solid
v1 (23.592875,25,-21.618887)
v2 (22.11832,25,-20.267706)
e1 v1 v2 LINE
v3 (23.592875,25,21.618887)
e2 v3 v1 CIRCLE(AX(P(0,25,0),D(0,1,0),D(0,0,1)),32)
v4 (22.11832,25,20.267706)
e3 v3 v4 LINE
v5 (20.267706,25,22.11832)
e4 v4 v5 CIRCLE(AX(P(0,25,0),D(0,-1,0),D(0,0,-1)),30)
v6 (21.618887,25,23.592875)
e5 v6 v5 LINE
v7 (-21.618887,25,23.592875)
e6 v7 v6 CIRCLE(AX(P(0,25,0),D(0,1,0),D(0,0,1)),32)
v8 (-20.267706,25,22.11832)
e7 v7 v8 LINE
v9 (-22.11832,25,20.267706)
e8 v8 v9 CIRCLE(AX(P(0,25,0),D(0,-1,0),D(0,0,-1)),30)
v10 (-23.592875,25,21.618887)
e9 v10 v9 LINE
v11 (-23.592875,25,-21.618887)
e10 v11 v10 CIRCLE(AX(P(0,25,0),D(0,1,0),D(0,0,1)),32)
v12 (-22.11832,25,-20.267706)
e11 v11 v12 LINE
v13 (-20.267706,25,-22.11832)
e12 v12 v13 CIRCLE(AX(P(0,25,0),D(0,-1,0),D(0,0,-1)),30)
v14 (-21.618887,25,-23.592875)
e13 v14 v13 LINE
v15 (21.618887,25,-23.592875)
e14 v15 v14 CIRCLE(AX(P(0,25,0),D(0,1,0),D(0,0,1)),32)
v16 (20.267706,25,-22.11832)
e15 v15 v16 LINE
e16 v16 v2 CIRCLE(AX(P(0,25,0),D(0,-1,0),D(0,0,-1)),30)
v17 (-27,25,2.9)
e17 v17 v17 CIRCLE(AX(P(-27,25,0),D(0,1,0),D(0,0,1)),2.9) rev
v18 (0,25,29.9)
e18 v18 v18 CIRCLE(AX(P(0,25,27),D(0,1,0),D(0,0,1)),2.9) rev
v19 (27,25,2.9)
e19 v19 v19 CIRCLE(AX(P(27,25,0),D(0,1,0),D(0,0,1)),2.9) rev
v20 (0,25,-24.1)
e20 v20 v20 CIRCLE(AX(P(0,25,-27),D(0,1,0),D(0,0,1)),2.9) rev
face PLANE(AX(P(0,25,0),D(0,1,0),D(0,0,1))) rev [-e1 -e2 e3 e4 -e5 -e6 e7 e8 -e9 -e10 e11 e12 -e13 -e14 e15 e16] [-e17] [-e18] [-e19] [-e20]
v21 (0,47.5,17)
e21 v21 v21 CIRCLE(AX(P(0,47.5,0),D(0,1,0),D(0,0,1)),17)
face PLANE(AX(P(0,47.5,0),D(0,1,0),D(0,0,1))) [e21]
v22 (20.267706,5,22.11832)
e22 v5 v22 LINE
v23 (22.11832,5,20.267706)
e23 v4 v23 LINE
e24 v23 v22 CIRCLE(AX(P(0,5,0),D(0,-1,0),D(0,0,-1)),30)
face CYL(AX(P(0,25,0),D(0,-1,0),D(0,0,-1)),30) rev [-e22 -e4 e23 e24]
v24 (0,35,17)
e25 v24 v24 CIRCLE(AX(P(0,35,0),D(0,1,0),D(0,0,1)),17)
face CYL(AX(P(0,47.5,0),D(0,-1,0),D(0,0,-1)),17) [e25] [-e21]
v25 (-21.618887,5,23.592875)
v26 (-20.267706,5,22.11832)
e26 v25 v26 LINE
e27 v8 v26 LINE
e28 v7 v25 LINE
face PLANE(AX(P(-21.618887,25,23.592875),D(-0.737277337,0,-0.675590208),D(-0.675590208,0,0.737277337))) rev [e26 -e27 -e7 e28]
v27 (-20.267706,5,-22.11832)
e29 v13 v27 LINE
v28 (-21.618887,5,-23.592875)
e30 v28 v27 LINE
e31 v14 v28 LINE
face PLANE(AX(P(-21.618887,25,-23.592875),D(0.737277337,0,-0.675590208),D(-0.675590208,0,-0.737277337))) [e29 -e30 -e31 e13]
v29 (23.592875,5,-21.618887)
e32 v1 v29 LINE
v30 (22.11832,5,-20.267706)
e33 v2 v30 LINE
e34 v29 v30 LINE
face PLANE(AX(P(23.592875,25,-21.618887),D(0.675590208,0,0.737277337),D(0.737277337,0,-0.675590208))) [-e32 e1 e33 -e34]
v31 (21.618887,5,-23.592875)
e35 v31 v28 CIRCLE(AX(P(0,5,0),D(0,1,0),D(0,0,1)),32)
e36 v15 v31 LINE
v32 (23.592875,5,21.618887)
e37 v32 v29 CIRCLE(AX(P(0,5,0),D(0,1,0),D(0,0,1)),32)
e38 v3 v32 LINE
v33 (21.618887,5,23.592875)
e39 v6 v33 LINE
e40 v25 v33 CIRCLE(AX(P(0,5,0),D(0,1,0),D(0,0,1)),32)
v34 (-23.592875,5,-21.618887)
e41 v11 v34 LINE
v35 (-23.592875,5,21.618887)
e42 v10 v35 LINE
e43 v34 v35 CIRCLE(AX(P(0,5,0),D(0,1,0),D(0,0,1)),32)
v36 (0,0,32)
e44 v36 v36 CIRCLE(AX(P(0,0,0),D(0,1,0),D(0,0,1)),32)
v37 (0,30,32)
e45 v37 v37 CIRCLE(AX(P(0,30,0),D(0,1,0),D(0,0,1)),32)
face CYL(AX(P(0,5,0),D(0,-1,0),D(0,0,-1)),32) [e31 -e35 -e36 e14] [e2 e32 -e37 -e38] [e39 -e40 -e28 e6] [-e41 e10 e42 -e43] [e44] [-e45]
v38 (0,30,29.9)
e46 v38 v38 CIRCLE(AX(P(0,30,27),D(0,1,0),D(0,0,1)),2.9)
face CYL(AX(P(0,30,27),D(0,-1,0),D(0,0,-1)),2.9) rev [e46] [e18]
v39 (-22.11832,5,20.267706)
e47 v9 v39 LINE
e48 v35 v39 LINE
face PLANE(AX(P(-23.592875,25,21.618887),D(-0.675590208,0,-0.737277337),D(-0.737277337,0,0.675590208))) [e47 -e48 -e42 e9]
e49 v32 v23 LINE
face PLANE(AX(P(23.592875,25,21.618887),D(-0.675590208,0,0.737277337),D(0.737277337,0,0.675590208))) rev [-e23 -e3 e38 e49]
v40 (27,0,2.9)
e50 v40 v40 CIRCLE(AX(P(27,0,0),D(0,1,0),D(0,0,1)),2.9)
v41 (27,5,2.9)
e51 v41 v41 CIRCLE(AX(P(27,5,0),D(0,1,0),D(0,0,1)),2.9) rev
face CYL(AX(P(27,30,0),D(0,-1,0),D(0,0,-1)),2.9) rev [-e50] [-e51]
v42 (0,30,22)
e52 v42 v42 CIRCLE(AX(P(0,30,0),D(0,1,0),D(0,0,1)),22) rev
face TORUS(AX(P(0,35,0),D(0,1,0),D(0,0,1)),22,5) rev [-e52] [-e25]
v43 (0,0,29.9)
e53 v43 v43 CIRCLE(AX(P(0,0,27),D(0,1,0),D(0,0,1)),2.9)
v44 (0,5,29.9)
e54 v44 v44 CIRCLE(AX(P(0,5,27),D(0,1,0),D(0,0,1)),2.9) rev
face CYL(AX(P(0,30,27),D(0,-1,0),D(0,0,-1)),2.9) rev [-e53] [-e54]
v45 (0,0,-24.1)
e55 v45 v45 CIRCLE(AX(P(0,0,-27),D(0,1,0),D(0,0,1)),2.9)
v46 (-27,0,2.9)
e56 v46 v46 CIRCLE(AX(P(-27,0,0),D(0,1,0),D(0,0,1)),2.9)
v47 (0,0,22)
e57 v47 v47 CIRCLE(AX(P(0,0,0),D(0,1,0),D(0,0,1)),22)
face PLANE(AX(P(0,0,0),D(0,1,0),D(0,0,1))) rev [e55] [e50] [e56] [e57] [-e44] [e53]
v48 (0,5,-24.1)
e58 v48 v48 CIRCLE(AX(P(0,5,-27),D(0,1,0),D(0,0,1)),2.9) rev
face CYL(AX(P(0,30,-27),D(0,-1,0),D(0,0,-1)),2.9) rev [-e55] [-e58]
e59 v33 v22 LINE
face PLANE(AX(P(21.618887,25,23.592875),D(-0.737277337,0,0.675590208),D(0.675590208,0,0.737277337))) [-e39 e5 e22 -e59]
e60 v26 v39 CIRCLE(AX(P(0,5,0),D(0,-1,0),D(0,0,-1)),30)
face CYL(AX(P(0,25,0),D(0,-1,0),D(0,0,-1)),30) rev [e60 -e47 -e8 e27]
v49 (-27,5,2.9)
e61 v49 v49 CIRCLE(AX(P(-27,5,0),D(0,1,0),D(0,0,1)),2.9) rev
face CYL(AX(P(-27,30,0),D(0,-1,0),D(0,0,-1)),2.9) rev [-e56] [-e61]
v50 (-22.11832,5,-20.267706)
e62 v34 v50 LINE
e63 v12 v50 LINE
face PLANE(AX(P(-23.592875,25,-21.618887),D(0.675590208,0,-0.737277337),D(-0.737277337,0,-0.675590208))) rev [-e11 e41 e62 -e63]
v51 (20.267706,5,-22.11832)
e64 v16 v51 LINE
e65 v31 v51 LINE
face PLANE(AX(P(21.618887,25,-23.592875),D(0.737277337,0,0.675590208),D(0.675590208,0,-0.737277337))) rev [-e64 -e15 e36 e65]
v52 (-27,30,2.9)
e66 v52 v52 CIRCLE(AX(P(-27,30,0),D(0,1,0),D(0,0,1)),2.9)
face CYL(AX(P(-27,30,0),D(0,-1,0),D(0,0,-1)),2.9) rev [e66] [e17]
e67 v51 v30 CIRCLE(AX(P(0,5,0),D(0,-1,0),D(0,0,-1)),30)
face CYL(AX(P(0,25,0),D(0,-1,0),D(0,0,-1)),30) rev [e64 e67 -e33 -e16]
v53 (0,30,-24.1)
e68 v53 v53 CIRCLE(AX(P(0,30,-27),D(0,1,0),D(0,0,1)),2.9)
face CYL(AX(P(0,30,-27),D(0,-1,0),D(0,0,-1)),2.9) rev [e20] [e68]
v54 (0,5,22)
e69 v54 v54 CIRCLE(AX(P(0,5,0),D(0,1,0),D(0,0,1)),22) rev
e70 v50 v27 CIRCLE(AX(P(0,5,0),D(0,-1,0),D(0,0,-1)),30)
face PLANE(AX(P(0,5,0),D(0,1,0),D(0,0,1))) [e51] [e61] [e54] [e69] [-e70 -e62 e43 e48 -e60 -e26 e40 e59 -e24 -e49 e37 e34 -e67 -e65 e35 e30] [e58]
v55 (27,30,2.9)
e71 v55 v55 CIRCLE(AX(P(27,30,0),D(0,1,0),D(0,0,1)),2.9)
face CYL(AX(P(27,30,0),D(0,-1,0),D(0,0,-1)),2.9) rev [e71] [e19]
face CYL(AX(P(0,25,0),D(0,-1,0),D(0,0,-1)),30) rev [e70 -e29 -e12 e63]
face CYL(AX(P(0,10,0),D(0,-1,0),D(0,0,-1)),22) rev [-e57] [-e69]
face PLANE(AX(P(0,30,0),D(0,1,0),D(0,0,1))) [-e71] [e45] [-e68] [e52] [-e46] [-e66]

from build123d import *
from build123d.topology import SkipClean

# Parameters (mm, degrees)
SKETCH1_R               = 32
BOSS_EXTRUDE1_DEPTH     = 5
BOSS_EXTRUDE4_DEPTH     = 20
SKETCH5_R               = 32
BOSS_EXTRUDE5_DEPTH     = 5
CUT_EXTRUDE1_DEPTH      = 52.701063819
CUT_EXTRUDE1_DEPTH_BACK = 5
SKETCH2_7_R             = 2.9
SKETCH1_3_R             = 22
CUT_EXTRUDE2_DEPTH      = 10
SKETCH6_R               = 17
BOSS_EXTRUDE7_DEPTH     = 17.5
FILLET1_R               = 5


with BuildPart() as part:
    # Sketch1 → Boss-Extrude1 (new body)
    with BuildSketch(Plane(origin=(0, 0, 0), x_dir=(1, 0, 0), z_dir=(0, 1, 0))):
        Circle(SKETCH1_R)
    extrude(amount=BOSS_EXTRUDE1_DEPTH)

    # Sketch2 → Boss-Extrude4 (add)
    with SkipClean():  # the faces are left unmerged after this step: merging them gives an invalid solid
        with BuildSketch(Plane(origin=(0, 5, 0), x_dir=(1, 0, 0), z_dir=(0, 1, 0))):
            with BuildLine():
                Line((-23.592874778, 21.618886644), (-22.118320104, 20.267706228))
                ThreePointArc((-22.118320104, 20.267706228), (-21.213203436, 21.213203436), (-20.267706228, 22.118320104))
                Line((-20.267706228, 22.118320104), (-21.618886644, 23.592874778))
                ThreePointArc((-21.618886644, 23.592874778), (-22.627416998, 22.627416998), (-23.592874778, 21.618886644))
            make_face()
            with BuildLine():
                Line((23.592874778, 21.618886644), (22.118320104, 20.267706228))
                ThreePointArc((22.118320104, 20.267706228), (21.213203436, 21.213203436), (20.267706228, 22.118320104))
                Line((20.267706228, 22.118320104), (21.618886644, 23.592874778))
                ThreePointArc((21.618886644, 23.592874778), (22.627416998, 22.627416998), (23.592874778, 21.618886644))
            make_face()
            with BuildLine():
                Line((21.618886644, -23.592874778), (20.267706228, -22.118320104))
                ThreePointArc((20.267706228, -22.118320104), (21.213203436, -21.213203436), (22.118320104, -20.267706228))
                Line((22.118320104, -20.267706228), (23.592874778, -21.618886644))
                ThreePointArc((23.592874778, -21.618886644), (22.627416998, -22.627416998), (21.618886644, -23.592874778))
            make_face()
            with BuildLine():
                Line((-23.592874778, -21.618886644), (-22.118320104, -20.267706228))
                ThreePointArc((-22.118320104, -20.267706228), (-21.213203436, -21.213203436), (-20.267706228, -22.118320104))
                Line((-20.267706228, -22.118320104), (-21.618886644, -23.592874778))
                ThreePointArc((-21.618886644, -23.592874778), (-22.627416998, -22.627416998), (-23.592874778, -21.618886644))
            make_face()
        extrude(amount=BOSS_EXTRUDE4_DEPTH)

    # Sketch5 → Boss-Extrude5 (add)
    with SkipClean():  # the faces are left unmerged after this step: merging them gives an invalid solid
        with BuildSketch(Plane(origin=(0, 25, 0), x_dir=(1, 0, 0), z_dir=(0, 1, 0))):
            Circle(SKETCH5_R)
        extrude(amount=BOSS_EXTRUDE5_DEPTH)

    # Sketch2<7> → Cut-Extrude1 (cut, two sides: drawn at the far end of the back side and taken through both)
    with SkipClean():  # the faces are left unmerged after this step: merging them gives an invalid solid
        with BuildSketch(Plane(origin=(0, 5, 0), x_dir=(1, 0, 0), z_dir=(0, 1, 0)).offset(-CUT_EXTRUDE1_DEPTH_BACK)):
            with Locations((0, 27)):
                Circle(SKETCH2_7_R)
            with Locations((27, 0)):
                Circle(SKETCH2_7_R)
            with Locations((0, -27)):
                Circle(SKETCH2_7_R)
            with Locations((-27, 0)):
                Circle(SKETCH2_7_R)
        extrude(amount=CUT_EXTRUDE1_DEPTH + CUT_EXTRUDE1_DEPTH_BACK, mode=Mode.SUBTRACT)

    # Sketch1<3> → Cut-Extrude2 (cut)
    with SkipClean():  # the faces are left unmerged after this step: merging them gives an invalid solid
        with BuildSketch(Plane(origin=(0, 0, 0), x_dir=(1, 0, 0), z_dir=(0, 1, 0))):
            Circle(SKETCH1_3_R)
        extrude(amount=CUT_EXTRUDE2_DEPTH, mode=Mode.SUBTRACT)

    # Sketch6 → Boss-Extrude7 (add)
    with SkipClean():  # the faces are left unmerged after this step: merging them gives an invalid solid
        with BuildSketch(Plane(origin=(0, 30, 0), x_dir=(1, 0, 0), z_dir=(0, 1, 0))):
            Circle(SKETCH6_R)
        extrude(amount=BOSS_EXTRUDE7_DEPTH)

    # Fillet1
    fillet1_edges = [part.edges().sort_by_distance(p)[0] for p in [
        (-17, 30, 0),
    ]]
    fillet(fillet1_edges, radius=FILLET1_R)


solid = part.part
